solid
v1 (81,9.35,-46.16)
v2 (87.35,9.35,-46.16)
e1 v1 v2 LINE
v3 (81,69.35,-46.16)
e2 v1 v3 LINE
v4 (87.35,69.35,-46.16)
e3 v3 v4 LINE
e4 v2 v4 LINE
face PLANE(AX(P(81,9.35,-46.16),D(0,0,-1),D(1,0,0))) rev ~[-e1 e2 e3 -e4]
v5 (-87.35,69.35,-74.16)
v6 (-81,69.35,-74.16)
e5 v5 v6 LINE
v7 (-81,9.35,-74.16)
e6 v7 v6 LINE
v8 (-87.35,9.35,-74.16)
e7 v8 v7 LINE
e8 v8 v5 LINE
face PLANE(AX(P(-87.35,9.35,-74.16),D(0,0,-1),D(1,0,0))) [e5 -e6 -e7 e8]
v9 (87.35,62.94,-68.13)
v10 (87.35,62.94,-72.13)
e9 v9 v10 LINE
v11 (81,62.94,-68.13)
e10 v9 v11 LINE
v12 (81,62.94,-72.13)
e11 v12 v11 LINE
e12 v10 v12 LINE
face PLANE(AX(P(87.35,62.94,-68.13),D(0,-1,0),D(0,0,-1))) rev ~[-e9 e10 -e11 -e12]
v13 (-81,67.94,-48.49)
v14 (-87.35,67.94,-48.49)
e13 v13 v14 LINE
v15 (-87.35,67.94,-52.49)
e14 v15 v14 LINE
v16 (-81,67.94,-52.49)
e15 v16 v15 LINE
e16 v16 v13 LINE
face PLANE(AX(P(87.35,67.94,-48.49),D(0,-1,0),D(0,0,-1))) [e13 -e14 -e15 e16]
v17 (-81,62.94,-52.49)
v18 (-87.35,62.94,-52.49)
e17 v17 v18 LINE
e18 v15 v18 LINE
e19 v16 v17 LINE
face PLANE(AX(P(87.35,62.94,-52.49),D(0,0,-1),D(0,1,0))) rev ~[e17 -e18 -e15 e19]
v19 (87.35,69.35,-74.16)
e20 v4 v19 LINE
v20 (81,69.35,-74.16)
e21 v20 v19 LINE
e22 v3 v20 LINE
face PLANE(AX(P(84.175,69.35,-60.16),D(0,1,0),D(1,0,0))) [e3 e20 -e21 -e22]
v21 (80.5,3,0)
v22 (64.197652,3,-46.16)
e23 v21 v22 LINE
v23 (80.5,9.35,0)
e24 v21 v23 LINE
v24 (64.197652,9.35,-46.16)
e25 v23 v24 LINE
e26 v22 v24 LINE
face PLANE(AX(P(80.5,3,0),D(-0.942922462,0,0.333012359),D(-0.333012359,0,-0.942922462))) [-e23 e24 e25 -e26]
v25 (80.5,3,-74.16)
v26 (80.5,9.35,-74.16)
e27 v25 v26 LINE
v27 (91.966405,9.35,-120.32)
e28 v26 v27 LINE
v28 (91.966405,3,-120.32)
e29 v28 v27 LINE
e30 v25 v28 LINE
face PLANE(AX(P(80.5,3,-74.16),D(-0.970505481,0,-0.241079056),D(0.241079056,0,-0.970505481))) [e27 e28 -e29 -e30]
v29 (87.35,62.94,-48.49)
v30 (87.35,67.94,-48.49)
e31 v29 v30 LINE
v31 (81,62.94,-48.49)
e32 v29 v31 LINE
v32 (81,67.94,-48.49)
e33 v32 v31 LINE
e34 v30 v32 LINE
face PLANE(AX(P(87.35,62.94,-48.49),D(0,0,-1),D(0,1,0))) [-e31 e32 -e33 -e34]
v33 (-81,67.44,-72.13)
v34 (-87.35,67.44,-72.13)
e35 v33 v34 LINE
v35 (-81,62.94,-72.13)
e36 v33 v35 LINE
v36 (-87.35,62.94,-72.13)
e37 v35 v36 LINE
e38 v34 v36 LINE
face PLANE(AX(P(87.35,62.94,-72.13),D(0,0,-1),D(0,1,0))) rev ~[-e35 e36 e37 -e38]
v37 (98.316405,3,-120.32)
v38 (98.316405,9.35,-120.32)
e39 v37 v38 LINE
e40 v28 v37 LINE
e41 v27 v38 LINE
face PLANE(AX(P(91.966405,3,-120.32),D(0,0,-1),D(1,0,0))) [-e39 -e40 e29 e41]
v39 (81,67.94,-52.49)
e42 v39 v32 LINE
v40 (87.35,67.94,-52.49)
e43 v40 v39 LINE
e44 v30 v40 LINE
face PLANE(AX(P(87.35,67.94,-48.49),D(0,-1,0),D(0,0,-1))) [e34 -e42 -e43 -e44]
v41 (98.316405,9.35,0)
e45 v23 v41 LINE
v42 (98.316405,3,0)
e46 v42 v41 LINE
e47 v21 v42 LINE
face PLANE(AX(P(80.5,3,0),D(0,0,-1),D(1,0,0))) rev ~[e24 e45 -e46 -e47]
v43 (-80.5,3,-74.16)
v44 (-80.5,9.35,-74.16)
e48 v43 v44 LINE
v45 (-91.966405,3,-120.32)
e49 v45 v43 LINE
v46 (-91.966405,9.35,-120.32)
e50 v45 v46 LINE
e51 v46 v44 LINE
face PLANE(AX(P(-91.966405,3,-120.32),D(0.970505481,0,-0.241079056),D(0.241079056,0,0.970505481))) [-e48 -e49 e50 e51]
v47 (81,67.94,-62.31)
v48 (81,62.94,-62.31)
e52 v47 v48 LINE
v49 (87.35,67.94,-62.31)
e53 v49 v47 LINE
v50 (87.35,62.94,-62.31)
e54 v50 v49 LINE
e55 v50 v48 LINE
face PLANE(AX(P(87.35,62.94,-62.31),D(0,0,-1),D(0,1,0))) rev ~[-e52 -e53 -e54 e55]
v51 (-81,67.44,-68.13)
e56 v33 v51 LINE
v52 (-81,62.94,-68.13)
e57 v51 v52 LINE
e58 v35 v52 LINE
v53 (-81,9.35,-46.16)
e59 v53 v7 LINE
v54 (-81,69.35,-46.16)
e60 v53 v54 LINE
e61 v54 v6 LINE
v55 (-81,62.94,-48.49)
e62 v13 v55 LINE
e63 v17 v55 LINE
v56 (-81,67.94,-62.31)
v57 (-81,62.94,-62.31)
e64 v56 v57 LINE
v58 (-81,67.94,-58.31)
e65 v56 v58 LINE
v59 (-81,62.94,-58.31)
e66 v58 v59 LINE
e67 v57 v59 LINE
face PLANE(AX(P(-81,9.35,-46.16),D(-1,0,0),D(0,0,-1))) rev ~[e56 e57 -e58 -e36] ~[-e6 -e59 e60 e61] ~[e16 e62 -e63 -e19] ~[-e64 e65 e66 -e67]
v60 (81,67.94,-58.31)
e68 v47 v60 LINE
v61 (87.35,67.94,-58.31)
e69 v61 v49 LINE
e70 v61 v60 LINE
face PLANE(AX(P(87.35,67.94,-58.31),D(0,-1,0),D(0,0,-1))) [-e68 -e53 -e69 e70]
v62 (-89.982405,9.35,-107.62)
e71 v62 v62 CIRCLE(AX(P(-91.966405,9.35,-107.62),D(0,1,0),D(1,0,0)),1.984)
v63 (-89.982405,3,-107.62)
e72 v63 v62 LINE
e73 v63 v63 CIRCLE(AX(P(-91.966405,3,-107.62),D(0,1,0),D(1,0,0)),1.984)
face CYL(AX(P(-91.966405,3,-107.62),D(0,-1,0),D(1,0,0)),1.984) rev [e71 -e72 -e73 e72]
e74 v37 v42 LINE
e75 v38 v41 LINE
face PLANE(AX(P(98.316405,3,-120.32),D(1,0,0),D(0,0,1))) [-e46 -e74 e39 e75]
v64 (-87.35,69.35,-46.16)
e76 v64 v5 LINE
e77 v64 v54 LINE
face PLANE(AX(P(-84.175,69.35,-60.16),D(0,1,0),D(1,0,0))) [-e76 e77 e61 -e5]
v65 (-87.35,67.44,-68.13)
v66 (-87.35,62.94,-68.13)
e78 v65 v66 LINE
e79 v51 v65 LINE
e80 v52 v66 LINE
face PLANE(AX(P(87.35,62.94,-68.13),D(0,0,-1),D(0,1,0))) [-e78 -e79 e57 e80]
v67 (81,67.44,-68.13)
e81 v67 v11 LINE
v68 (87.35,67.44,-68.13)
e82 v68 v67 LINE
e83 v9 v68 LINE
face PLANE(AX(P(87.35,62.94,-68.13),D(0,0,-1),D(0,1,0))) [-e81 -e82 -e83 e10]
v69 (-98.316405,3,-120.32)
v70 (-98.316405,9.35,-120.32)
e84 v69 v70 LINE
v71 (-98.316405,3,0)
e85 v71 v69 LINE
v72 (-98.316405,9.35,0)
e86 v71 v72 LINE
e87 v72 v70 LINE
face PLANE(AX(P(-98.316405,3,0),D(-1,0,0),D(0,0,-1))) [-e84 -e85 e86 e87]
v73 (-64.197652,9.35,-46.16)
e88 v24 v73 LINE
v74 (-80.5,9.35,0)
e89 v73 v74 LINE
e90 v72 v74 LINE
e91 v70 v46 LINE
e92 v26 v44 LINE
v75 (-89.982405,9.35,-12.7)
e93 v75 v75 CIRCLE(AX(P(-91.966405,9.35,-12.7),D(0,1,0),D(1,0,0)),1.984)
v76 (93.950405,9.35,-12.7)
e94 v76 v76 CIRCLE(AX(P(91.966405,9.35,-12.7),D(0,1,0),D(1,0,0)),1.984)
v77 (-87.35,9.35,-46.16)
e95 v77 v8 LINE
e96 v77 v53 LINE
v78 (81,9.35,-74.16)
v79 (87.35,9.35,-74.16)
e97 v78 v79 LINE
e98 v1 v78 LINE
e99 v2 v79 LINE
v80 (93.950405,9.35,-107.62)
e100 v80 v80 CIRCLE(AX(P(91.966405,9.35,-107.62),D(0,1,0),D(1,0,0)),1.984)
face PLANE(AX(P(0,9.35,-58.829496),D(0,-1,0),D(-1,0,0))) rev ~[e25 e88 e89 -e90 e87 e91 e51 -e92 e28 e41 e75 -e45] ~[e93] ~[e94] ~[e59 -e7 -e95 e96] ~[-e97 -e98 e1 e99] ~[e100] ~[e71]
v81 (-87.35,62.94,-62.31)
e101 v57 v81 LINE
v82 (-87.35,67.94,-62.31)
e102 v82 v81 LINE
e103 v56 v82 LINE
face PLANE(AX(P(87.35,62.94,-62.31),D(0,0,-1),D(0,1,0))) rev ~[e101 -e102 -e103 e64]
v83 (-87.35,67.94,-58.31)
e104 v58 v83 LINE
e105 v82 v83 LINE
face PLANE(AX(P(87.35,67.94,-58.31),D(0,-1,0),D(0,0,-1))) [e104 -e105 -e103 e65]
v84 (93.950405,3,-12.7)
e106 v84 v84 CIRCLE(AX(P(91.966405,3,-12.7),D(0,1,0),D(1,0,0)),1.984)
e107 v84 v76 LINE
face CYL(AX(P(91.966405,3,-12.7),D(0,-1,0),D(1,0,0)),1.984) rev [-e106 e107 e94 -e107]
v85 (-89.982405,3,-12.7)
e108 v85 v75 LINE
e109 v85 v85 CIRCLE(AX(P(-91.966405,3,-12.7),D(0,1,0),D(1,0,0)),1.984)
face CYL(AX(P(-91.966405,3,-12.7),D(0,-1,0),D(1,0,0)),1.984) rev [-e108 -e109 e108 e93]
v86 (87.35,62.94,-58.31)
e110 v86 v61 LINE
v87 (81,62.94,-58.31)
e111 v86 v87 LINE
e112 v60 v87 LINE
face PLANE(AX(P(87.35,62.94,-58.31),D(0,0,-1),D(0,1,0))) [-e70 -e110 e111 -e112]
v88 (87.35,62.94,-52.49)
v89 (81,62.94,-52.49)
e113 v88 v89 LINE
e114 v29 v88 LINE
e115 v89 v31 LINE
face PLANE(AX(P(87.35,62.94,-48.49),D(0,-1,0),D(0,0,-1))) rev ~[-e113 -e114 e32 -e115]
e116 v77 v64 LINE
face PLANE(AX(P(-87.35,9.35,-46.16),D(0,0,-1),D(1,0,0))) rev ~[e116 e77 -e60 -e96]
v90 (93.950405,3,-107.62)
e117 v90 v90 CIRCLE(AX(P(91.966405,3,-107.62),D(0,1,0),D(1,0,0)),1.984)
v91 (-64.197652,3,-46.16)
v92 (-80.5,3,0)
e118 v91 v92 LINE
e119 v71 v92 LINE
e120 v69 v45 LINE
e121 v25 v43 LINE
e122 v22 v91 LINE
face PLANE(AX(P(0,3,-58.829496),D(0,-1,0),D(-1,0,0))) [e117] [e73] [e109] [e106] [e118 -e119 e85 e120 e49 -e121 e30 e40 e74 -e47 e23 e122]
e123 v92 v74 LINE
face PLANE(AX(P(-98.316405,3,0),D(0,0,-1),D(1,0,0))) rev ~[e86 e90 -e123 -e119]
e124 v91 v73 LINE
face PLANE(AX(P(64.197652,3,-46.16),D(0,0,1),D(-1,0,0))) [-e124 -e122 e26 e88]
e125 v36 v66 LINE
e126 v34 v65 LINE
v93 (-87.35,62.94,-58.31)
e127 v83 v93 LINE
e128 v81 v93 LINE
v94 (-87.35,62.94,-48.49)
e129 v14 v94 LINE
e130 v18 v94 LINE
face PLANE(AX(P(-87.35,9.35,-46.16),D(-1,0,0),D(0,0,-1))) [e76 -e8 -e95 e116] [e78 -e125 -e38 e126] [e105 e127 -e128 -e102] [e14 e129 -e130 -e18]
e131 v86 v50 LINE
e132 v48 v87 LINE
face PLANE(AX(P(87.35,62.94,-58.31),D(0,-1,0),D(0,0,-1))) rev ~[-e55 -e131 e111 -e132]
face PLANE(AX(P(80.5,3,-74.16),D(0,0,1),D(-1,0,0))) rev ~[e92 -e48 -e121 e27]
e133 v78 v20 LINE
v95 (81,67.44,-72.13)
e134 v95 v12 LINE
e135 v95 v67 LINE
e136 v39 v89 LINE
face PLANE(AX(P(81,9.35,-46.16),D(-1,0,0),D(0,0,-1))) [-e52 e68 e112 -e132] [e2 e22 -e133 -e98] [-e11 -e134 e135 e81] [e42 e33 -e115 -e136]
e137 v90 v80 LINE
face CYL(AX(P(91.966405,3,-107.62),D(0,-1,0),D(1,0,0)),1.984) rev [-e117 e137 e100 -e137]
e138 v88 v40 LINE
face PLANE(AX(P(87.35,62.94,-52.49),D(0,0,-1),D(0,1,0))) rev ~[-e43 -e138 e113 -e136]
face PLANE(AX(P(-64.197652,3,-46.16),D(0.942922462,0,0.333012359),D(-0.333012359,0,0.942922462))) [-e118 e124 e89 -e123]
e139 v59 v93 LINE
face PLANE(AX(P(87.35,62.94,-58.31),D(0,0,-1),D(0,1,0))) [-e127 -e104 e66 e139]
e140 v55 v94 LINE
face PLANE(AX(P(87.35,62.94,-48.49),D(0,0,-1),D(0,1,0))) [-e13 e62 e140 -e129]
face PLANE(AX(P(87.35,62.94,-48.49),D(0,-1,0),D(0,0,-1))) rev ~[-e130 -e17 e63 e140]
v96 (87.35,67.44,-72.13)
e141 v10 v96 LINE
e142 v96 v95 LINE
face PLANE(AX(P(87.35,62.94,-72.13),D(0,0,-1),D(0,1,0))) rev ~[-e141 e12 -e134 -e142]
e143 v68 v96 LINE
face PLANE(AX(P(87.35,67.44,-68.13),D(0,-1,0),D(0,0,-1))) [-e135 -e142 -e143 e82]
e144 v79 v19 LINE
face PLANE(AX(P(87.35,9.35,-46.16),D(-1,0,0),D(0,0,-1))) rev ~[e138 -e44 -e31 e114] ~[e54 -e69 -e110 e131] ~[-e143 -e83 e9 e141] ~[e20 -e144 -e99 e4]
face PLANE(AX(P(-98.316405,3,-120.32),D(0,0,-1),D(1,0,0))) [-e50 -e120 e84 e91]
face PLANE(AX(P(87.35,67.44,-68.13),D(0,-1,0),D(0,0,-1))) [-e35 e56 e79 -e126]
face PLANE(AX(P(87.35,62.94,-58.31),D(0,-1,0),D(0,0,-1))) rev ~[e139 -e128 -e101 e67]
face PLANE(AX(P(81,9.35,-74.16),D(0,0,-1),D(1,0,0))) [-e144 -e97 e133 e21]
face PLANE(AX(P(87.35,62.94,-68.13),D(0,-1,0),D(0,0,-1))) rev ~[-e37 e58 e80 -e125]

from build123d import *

# Parameters (mm, degrees)
SKETCH_6_R          = 1.984
EXTRUDE_2_DEPTH     = 6.35
SKETCH_7_W          = 6.35
SKETCH_7_H          = 28
EXTRUDE_3_DEPTH     = 60
SKETCH_8_W          = 4
SKETCH_8_H          = 5
SKETCH_8_H_2        = 4.5
CUT_EXTRUDE_3_DEPTH = 250


with BuildPart() as part:
    # 草图6 → 凸台-拉伸2 (new body)
    with BuildSketch(Plane(origin=(0, 3, 0), x_dir=(1, 0, 0), z_dir=(0, 1, 0))):
        Polygon((98.316405333, 0), (91.966405333, 0), (80.5, 0), (64.197651568, 46.16), (-64.197651568, 46.16), (-80.5, 0), (-91.966405333, 0), (-98.316405333, 0), (-98.316405333, 120.32), (-91.966405333, 120.32), (-80.5, 74.16), (-64.197651568, 74.16), (64.197651568, 74.16), (80.5, 74.16), (91.966405333, 120.32), (98.316405333, 120.32), align=None)
        with Locations((91.966405333, 12.7)):
            Circle(SKETCH_6_R, mode=Mode.SUBTRACT)
        with Locations((91.966405333, 107.62)):
            Circle(SKETCH_6_R, mode=Mode.SUBTRACT)
        with Locations((-91.966405333, 12.7)):
            Circle(SKETCH_6_R, mode=Mode.SUBTRACT)
        with Locations((-91.966405333, 107.62)):
            Circle(SKETCH_6_R, mode=Mode.SUBTRACT)
    extrude(amount=EXTRUDE_2_DEPTH)

    # 草图7 → 凸台-拉伸3 (add)
    with BuildSketch(Plane(origin=(0, 9.35, 0), x_dir=(1, 0, 0), z_dir=(0, 1, 0))):
        with Locations((84.175, 60.16)):
            Rectangle(SKETCH_7_W, SKETCH_7_H)
        with Locations((-84.175, 60.16)):
            Rectangle(SKETCH_7_W, SKETCH_7_H)
    extrude(amount=EXTRUDE_3_DEPTH)

    # 草图8 → 切除-拉伸3 (cut)
    with BuildSketch(Plane(origin=(87.35, 0, 0), x_dir=(0, 0, -1), z_dir=(1, 0, 0))):
        with Locations((50.49, 65.44)):
            Rectangle(SKETCH_8_W, SKETCH_8_H)
        with Locations((60.31, 65.44)):
            Rectangle(SKETCH_8_W, SKETCH_8_H)
        with Locations((70.13, 65.19)):
            Rectangle(SKETCH_8_W, SKETCH_8_H_2)
    extrude(amount=-CUT_EXTRUDE_3_DEPTH, mode=Mode.SUBTRACT)


solid = part.part
